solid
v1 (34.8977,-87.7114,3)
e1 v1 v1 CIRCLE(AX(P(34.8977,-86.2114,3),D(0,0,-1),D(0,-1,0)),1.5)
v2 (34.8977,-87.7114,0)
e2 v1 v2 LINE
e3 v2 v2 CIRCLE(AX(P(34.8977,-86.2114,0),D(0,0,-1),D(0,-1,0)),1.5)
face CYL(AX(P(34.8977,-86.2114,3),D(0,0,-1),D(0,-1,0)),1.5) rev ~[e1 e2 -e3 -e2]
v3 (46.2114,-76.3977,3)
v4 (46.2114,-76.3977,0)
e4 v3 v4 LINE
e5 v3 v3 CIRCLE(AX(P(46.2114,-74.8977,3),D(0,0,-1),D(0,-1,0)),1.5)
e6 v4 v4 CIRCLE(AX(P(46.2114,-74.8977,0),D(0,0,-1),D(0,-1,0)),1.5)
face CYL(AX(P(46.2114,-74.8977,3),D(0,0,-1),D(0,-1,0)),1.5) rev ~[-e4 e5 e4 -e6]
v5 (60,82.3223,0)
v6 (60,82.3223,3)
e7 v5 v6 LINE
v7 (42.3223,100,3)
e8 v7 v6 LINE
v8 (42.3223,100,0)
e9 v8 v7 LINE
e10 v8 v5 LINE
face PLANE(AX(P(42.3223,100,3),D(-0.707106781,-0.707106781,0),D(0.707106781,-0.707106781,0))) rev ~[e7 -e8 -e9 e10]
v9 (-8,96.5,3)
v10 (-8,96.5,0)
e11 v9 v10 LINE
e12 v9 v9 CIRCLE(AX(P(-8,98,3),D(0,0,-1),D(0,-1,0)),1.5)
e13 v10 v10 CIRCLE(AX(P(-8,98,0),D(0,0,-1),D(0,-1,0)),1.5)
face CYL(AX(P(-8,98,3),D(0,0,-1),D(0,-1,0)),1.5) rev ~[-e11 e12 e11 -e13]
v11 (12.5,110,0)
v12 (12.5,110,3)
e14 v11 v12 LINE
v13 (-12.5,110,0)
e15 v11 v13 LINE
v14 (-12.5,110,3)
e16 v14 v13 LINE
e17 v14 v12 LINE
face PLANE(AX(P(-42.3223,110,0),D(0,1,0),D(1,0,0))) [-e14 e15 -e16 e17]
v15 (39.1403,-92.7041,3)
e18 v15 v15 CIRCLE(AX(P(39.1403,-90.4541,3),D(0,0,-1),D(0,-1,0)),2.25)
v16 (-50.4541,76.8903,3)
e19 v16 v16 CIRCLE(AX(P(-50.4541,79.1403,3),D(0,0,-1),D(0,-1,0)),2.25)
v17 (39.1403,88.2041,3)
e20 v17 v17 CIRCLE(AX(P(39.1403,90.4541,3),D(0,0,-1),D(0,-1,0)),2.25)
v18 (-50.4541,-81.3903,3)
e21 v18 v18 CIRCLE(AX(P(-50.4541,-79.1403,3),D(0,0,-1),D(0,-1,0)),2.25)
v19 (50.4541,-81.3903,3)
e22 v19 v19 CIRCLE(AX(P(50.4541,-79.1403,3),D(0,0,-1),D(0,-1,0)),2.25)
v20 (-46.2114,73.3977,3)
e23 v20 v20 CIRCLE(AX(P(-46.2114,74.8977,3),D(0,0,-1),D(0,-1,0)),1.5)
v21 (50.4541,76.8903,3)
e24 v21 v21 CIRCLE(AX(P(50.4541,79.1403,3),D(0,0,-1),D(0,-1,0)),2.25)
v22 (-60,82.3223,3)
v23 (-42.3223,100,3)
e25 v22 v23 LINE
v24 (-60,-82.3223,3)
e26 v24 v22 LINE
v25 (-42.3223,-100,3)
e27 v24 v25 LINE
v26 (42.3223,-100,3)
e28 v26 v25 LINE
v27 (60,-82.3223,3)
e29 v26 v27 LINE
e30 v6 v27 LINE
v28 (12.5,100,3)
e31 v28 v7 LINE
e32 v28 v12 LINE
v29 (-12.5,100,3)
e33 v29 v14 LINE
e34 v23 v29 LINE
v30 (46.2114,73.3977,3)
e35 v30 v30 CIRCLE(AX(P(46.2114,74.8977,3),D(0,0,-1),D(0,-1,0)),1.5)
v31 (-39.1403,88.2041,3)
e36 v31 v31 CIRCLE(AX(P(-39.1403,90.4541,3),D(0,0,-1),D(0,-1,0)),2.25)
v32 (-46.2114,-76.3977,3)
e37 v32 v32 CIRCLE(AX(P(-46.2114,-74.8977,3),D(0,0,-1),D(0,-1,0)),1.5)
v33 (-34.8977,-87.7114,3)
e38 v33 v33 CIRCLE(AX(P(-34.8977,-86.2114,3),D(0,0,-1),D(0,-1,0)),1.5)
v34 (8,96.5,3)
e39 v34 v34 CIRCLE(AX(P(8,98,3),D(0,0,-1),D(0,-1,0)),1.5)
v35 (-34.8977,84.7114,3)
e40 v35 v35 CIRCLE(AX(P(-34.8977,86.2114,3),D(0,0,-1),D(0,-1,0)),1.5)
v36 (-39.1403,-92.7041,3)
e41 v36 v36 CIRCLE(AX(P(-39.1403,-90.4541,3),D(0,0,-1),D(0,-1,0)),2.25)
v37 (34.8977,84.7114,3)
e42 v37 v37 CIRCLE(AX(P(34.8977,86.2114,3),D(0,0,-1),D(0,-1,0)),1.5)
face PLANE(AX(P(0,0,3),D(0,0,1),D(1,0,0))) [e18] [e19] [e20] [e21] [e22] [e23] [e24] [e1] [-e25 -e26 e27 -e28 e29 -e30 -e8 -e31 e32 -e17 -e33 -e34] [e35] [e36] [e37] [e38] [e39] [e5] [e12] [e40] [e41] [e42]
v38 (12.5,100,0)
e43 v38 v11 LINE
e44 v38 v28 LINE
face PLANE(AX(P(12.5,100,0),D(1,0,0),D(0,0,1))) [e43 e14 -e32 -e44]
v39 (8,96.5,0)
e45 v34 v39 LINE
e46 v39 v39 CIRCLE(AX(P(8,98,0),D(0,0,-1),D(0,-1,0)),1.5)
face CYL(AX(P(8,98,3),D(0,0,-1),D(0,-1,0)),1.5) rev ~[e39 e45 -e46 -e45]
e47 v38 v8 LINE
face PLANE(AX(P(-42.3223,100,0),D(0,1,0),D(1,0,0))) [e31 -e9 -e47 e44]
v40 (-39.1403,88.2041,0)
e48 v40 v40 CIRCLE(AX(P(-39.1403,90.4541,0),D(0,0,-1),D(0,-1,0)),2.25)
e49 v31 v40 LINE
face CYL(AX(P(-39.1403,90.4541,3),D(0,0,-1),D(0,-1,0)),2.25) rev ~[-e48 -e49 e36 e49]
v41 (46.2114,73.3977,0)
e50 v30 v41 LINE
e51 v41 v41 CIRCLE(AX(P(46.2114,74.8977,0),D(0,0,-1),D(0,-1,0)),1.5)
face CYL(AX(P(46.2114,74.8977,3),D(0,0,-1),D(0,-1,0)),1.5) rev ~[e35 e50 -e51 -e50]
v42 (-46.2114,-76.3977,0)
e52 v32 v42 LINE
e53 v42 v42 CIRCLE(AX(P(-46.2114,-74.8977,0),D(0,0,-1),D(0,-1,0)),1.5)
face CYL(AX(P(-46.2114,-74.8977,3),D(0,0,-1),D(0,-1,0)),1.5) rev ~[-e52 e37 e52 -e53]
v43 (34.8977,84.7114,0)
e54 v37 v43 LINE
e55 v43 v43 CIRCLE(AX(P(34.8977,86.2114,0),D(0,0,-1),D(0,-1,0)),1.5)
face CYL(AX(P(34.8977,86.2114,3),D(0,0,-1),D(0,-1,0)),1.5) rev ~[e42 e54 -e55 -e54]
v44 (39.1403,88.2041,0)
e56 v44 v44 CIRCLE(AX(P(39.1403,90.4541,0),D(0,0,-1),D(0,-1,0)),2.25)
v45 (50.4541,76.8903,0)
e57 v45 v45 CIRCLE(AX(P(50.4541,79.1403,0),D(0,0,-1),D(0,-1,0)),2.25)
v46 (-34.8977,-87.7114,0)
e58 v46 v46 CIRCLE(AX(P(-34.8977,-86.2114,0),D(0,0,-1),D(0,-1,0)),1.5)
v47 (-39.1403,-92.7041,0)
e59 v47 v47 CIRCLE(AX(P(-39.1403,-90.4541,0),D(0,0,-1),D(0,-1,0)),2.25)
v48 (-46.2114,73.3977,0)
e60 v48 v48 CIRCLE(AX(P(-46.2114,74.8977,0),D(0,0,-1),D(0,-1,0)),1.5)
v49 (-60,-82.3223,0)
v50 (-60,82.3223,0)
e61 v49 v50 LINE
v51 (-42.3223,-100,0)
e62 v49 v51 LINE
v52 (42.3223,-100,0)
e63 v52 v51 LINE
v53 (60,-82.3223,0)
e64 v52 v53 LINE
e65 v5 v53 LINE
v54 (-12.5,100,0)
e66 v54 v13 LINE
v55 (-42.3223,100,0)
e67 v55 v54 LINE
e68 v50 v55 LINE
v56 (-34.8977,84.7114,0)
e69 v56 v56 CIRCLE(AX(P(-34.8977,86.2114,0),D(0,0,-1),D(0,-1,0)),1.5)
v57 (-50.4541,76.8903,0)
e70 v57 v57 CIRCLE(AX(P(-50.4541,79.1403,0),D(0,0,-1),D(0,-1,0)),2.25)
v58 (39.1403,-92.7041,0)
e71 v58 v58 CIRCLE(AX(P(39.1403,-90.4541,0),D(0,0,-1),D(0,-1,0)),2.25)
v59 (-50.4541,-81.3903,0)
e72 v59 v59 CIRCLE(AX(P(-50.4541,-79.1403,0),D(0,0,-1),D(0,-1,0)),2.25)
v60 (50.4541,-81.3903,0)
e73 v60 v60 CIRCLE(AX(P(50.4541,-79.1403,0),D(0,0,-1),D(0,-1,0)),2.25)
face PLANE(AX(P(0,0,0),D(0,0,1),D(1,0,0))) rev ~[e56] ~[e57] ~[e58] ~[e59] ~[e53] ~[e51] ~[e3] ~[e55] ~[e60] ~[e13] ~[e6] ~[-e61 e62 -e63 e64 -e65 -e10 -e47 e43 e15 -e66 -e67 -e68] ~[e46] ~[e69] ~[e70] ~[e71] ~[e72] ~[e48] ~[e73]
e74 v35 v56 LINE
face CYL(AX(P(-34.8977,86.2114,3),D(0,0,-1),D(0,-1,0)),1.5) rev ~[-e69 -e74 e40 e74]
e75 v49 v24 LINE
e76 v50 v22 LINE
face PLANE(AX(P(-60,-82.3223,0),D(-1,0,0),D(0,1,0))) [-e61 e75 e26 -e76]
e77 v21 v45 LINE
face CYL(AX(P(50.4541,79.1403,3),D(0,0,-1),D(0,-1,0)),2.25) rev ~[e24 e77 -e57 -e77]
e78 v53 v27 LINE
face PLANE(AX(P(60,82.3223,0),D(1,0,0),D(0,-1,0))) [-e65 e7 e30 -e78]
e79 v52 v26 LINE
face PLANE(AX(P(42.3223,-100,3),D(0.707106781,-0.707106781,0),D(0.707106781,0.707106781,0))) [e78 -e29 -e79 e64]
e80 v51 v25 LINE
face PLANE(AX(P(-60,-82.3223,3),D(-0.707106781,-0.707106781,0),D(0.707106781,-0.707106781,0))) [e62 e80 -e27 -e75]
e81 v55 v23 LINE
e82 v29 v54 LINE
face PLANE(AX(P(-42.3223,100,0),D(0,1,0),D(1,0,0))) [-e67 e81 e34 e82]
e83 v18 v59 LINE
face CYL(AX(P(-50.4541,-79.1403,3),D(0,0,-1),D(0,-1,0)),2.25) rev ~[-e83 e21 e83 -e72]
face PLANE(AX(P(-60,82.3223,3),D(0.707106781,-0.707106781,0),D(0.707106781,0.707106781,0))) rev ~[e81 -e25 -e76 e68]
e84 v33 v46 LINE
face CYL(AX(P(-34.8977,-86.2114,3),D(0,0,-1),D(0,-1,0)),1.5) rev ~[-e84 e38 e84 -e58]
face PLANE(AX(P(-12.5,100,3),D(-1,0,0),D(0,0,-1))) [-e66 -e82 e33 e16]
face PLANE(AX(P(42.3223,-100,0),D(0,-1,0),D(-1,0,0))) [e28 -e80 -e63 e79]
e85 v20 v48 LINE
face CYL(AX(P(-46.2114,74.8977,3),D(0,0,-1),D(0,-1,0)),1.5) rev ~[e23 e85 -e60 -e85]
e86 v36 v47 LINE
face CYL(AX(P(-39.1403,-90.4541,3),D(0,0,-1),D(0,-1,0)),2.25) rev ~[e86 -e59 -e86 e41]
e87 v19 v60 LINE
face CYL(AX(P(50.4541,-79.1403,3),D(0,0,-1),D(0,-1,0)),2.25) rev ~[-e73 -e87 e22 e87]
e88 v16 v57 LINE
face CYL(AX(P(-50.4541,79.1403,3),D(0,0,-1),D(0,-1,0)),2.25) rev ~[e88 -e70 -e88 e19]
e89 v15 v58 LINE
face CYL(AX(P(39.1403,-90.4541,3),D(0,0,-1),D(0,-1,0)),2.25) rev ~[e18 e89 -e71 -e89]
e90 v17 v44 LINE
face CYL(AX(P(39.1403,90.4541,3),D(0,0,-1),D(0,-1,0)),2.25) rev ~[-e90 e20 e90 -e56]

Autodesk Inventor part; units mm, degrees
ref_plane "YZ Plane" through (0, 0, 0) normal (1, 0, 0) x (0, 1, 0)
ref_plane "XZ Plane" through (0, 0, 0) normal (0, 1, 0) x (-1, 0, 0)
ref_plane "XY Plane" through (0, 0, 0) normal (0, 0, 1) x (1, 0, 0)
sketch "スケッチ1" plane through (0, 0, 0) normal (0, 0, 1) x (1, 0, 0)
  line L0 (-60, 100) -> (60, 100)
  line L1 (60, 100) -> (60, -100)
  line L2 (60, -100) -> (-60, -100)
  line L3 (-60, -100) -> (-60, 100)
  line L4 (60, 117.6777) -> (77.6777, 100)
  line L5 (77.6777, 100) -> (60, 82.3223)
  line L6 (60, 82.3223) -> (42.3223, 100)
  line L7 (42.3223, 100) -> (60, 117.6777)
  line L8 (60, -82.3223) -> (77.6777, -100)
  line L9 (77.6777, -100) -> (60, -117.6777)
  line L10 (60, -117.6777) -> (42.3223, -100)
  line L11 (42.3223, -100) -> (60, -82.3223)
  line L12 (-60, -82.3223) -> (-42.3223, -100)
  line L13 (-42.3223, -100) -> (-60, -117.6777)
  line L14 (-60, -117.6777) -> (-77.6777, -100)
  line L15 (-77.6777, -100) -> (-60, -82.3223)
  line L16 (-60, 117.6777) -> (-42.3223, 100)
  line L17 (-42.3223, 100) -> (-60, 82.3223)
  line L18 (-60, 82.3223) -> (-77.6777, 100)
  line L19 (-77.6777, 100) -> (-60, 117.6777)
  point P0 (0, 0)
  dimension "d0" = 200
  dimension "d1" = 100
  dimension "d2" = 120
  dimension "d3" = 60
  dimension "d4" = 12.5
  dimension "d5" = 12.5
  dimension "d6" = 12.5
  dimension "d7" = 12.5
extrude "押し出し1" add sketch "スケッチ1" along normal blind 3
sketch "スケッチ2" plane through (0, 0, 3) normal (0, 0, 1) x (1, 0, 0)
  line L0 (77.6777, 100) -> (60, 82.3223) projected
  line L1 (60, 117.6777) -> (77.6777, 100) projected
  line L2 (42.3223, 100) -> (60, 117.6777) projected
  line L3 (-60, 117.6777) -> (-42.3223, 100) projected
  line L4 (-77.6777, 100) -> (-60, 117.6777) projected
  line L5 (-60, 82.3223) -> (-77.6777, 100) projected
  line L6 (-77.6777, -100) -> (-60, -82.3223) projected
  line L7 (-60, -117.6777) -> (-77.6777, -100) projected
  line L8 (-42.3223, -100) -> (-60, -117.6777) projected
  line L9 (60, -117.6777) -> (42.3223, -100) projected
  line L10 (77.6777, -100) -> (60, -117.6777) projected
  line L11 (60, -82.3223) -> (77.6777, -100) projected
  circle A0 centre (-46.2114, -74.8977) radius 1.5
  circle A1 centre (-34.8977, -86.2114) radius 1.5
  circle A2 centre (34.8977, -86.2114) radius 1.5
  circle A3 centre (46.2114, -74.8977) radius 1.5
  circle A4 centre (46.2114, 74.8977) radius 1.5
  circle A5 centre (34.8977, 86.2114) radius 1.5
  circle A6 centre (-34.8977, 86.2114) radius 1.5
  circle A7 centre (-46.2114, 74.8977) radius 1.5
  point P0 (0, 0)
  dimension "d10" = 3
  dimension "d12" = 40
  dimension "d13" = 40
  dimension "d14" = 4.5
  dimension "d15" = 4.5
  dimension "d16" = 40
  dimension "d17" = 40
  dimension "d18" = 40
  dimension "d19" = 40
  dimension "d20" = 40
  dimension "d21" = 40
  dimension "d22" = 4.5
  dimension "d23" = 4.5
  dimension "d24" = 4.5
  dimension "d25" = 4.5
  dimension "d26" = 4.5
  dimension "d27" = 4.5
hole "穴1" at (34.8977, -86.2114, 3) at (46.2114, -74.8977, 3) at (-34.8977, -86.2114, 3) at (-46.2114, -74.8977, 3) at (34.8977, 86.2114, 3) at (46.2114, 74.8977, 3) at (-46.2114, 74.8977, 3) at (-34.8977, 86.2114, 3) direction (0, 0, -1) diameter 3 end through all
sketch "スケッチ3" plane through (0, 0, 3) normal (0, 0, 1) x (1, 0, 0)
  line L0 (77.6777, 100) -> (60, 82.3223) projected
  line L1 (60, 117.6777) -> (77.6777, 100) projected
  line L2 (42.3223, 100) -> (60, 117.6777) projected
  line L3 (-60, 117.6777) -> (-42.3223, 100) projected
  line L4 (-77.6777, 100) -> (-60, 117.6777) projected
  line L5 (-60, 82.3223) -> (-77.6777, 100) projected
  line L6 (-77.6777, -100) -> (-60, -82.3223) projected
  line L7 (-60, -117.6777) -> (-77.6777, -100) projected
  line L8 (-42.3223, -100) -> (-60, -117.6777) projected
  line L9 (60, -117.6777) -> (42.3223, -100) projected
  line L10 (77.6777, -100) -> (60, -117.6777) projected
  line L11 (60, -82.3223) -> (77.6777, -100) projected
  circle A0 centre (-39.1403, 90.4541) radius 2.25
  circle A1 centre (-50.4541, 79.1403) radius 2.25
  circle A2 centre (-50.4541, -79.1403) radius 2.25
  circle A3 centre (-39.1403, -90.4541) radius 2.25
  circle A4 centre (39.1403, -90.4541) radius 2.25
  circle A5 centre (50.4541, -79.1403) radius 2.25
  circle A6 centre (50.4541, 79.1403) radius 2.25
  circle A7 centre (39.1403, 90.4541) radius 2.25
  point P0 (0, 0)
  dimension "d35" = 4.5
  dimension "d37" = 4.5
  dimension "d38" = 4.5
  dimension "d39" = 34
  dimension "d40" = 34
  dimension "d41" = 4.5
  dimension "d42" = 4.5
  dimension "d43" = 34
  dimension "d44" = 34
  dimension "d45" = 34
  dimension "d46" = 4.5
  dimension "d47" = 4.5
  dimension "d48" = 34
  dimension "d49" = 34
  dimension "d50" = 34
  dimension "d51" = 4.5
  dimension "d52" = 4.5
hole "穴2" at (-50.4541, -79.1403, 3) at (-39.1403, -90.4541, 3) at (39.1403, 90.4541, 3) at (50.4541, 79.1403, 3) at (-50.4541, 79.1403, 3) at (-39.1403, 90.4541, 3) at (39.1403, -90.4541, 3) at (50.4541, -79.1403, 3) direction (0, 0, -1) diameter 4.5 end through all
sketch "スケッチ4" plane through (0, 0, 3) normal (0, 0, 1) x (1, 0, 0)
  line L0 (77.6777, 100) -> (60, 82.3223) projected
  line L1 (60, 117.6777) -> (77.6777, 100) projected
  line L2 (42.3223, 100) -> (60, 117.6777) projected
  line L3 (-60, 117.6777) -> (-42.3223, 100) projected
  line L4 (-77.6777, 100) -> (-60, 117.6777) projected
  line L5 (-60, 82.3223) -> (-77.6777, 100) projected
  line L6 (-77.6777, -100) -> (-60, -82.3223) projected
  line L7 (-60, -117.6777) -> (-77.6777, -100) projected
  line L8 (-42.3223, -100) -> (-60, -117.6777) projected
  line L9 (60, -117.6777) -> (42.3223, -100) projected
  line L10 (77.6777, -100) -> (60, -117.6777) projected
  line L11 (60, -82.3223) -> (77.6777, -100) projected
  line L12 (-60, -82.3223) -> (-42.3223, -100)
  line L13 (42.3223, -100) -> (60, -82.3223)
  line L14 (42.3223, 100) -> (60, 82.3223)
  line L15 (-60, 82.3223) -> (-42.3223, 100)
  point P0 (0, 0)
  dimension "d60" = 25
  dimension "d61" = 25
  dimension "d62" = 25
  dimension "d63" = 25
extrude "押し出し2" cut sketch "スケッチ4" against normal blind 3
sketch "スケッチ6" plane through (-42.3223, 100, 0) normal (0, 1, 0) x (1, 0, 0)
  line L0 (84.6447, 0) -> (0, 0) projected
  line L1 (0, -3) -> (84.6447, -3) projected
  line L2 (29.8223, 0) -> (54.8223, 0)
  line L3 (54.8223, 0) -> (54.8223, -3)
  line L4 (54.8223, -3) -> (29.8223, -3)
  line L5 (29.8223, -3) -> (29.8223, 0)
  point P0 (42.3223, 0)
  dimension "d66" = 25
  dimension "d68" = 12.5
extrude "押し出し3" add sketch "スケッチ6" along normal blind 10
sketch "スケッチ7" plane through (0, 0, 3) normal (0, 0, 1) x (1, 0, 0)
  line L0 (-12.5, 110) -> (12.5, 110) projected
  line L1 (-12.5, 100) -> (-12.5, 110) projected
  circle A0 centre (-8, 98) radius 1.5
  circle A1 centre (8, 98) radius 1.5
  point P0 (0, 0)
  dimension "d71" = 16
  dimension "d72" = 12
  dimension "d73" = 12
  dimension "d74" = 3
  dimension "d75" = 4.5
hole "穴3" at (-8, 98, 3) at (8, 98, 3) direction (0, 0, -1) diameter 3 end through all
equation "\"d33\" = d26"
equation "\"d58\" = d46"
properties material "アルミニウム 6061"
